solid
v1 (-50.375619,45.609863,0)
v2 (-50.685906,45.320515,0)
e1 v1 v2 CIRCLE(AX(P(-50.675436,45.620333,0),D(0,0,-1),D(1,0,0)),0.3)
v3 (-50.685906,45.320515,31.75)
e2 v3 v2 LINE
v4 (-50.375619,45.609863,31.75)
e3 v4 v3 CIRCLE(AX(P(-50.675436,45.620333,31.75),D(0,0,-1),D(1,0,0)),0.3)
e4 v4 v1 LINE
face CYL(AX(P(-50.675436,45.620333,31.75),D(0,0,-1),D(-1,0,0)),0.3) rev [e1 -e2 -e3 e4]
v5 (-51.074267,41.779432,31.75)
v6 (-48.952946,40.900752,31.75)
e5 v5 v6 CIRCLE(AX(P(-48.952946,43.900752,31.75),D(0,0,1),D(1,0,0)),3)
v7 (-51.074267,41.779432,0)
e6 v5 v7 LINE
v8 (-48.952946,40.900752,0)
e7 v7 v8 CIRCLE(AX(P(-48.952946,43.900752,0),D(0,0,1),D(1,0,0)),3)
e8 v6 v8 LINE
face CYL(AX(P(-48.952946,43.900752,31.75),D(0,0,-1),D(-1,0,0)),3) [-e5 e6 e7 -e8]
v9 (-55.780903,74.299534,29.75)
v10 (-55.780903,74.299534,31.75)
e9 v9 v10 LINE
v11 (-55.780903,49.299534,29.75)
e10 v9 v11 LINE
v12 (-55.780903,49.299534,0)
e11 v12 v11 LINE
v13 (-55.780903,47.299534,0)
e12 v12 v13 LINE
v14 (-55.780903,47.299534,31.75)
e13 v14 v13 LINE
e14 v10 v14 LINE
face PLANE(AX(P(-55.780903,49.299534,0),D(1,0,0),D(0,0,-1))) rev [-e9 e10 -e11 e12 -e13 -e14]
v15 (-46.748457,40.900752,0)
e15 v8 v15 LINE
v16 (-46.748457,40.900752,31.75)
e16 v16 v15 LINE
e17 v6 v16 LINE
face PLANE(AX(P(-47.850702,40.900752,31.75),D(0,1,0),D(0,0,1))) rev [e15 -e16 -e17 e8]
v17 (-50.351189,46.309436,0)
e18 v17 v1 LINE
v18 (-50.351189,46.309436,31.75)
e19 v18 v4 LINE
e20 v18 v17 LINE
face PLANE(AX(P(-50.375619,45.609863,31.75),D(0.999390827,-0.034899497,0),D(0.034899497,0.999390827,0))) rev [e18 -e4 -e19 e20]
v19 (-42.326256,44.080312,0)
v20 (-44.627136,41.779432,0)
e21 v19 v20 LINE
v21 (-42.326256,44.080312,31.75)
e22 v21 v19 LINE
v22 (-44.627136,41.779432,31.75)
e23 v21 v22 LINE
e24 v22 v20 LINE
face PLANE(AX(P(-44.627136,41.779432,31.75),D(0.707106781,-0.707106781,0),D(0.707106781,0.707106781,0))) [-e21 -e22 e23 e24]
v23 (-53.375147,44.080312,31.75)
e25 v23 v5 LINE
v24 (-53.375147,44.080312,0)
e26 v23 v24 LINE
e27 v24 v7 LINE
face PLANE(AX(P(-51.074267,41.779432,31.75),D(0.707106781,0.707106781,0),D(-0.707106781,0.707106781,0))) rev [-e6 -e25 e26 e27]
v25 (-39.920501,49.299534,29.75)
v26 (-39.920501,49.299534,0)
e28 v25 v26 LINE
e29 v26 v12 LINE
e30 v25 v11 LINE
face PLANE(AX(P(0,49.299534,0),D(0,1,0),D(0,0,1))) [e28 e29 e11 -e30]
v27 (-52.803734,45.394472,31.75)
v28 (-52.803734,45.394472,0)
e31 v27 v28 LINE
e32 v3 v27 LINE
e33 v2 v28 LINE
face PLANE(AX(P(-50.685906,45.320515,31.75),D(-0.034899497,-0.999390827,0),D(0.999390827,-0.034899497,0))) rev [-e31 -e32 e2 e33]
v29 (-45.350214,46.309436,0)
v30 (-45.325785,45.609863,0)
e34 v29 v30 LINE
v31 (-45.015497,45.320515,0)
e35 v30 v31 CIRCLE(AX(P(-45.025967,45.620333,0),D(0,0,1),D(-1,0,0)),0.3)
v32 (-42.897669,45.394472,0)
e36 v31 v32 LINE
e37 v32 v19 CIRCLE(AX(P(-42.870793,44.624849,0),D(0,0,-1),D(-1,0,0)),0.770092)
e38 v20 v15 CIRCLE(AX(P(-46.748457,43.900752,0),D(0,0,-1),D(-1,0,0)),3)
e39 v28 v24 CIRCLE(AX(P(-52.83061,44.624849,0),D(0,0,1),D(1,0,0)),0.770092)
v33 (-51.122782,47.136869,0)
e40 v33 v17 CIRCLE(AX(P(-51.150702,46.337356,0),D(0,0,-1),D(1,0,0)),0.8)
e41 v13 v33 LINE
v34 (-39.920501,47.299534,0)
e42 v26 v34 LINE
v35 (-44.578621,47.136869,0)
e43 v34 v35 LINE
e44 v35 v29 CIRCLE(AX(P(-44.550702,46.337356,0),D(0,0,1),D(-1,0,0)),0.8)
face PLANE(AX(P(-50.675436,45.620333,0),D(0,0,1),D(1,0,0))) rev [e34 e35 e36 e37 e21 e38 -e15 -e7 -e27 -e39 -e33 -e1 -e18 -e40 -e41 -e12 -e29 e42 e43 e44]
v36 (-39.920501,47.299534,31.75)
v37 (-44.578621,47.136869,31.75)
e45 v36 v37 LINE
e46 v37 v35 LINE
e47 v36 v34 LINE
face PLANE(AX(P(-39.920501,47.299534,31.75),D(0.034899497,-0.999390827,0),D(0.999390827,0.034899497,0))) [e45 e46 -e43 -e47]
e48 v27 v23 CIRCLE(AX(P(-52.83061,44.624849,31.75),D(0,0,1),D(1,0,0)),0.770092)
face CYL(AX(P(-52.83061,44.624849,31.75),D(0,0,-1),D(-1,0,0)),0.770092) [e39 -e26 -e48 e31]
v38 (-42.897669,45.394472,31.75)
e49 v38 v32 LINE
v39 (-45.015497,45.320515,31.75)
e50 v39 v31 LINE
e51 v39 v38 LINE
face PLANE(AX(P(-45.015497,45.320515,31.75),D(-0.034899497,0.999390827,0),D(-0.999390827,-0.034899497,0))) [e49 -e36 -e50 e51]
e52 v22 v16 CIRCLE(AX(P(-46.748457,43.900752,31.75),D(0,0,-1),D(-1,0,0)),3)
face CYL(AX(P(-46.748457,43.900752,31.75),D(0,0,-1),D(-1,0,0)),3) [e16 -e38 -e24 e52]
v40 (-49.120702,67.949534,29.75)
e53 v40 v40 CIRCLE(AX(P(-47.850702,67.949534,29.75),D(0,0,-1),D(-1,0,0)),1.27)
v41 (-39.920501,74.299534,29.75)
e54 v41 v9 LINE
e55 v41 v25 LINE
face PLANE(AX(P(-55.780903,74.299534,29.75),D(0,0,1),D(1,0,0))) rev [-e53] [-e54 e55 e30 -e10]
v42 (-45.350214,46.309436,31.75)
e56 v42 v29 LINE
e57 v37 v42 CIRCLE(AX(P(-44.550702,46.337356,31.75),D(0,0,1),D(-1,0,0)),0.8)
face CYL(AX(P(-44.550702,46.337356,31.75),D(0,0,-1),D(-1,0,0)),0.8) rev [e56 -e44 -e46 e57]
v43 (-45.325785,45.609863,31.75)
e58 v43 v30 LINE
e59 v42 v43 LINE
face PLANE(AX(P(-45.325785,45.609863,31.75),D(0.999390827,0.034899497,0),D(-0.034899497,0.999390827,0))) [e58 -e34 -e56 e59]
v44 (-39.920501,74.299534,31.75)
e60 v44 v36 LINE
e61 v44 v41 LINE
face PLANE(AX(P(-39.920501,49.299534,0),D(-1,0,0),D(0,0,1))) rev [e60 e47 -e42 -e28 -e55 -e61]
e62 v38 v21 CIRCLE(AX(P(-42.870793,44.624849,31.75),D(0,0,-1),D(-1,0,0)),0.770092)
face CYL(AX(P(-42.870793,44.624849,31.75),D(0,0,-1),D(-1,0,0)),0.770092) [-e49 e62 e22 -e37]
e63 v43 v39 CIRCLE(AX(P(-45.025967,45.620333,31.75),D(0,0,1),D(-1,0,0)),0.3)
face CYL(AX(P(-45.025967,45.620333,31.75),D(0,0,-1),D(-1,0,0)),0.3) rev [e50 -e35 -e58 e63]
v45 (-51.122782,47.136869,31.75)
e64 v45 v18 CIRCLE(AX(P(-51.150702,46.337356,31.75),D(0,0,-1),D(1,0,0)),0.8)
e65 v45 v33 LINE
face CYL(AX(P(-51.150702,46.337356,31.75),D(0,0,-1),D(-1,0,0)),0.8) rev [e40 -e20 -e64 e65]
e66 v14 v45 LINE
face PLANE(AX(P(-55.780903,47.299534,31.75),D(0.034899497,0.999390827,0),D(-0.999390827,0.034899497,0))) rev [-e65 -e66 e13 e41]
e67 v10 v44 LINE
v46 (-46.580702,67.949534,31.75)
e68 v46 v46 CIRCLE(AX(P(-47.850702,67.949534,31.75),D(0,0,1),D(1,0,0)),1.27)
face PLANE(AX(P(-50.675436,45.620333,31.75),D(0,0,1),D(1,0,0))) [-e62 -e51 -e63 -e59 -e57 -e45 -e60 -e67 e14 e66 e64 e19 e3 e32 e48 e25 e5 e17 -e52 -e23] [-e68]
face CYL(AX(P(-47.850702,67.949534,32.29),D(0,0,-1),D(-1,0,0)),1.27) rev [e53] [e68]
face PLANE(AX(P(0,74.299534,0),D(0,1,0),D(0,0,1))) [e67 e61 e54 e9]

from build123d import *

# Parameters (mm, degrees)
BOSS_EXTRUDE1_DEPTH = 31.75
SKETCH19_W          = 15.860402013
SKETCH19_H          = 31.75
BOSS_EXTRUDE7_DEPTH = 2
SKETCH23_W          = 15.860402013
SKETCH23_H          = 2
BOSS_EXTRUDE8_DEPTH = 25
SKETCH24_R          = 1.27
CUT_EXTRUDE1_DEPTH  = 2.54


with BuildPart() as part:
    # Sketch2 → Boss-Extrude1 (new body)
    with BuildSketch(Plane.XY):
        with BuildLine():
            Line((-50.375618534, 45.609862895), (-50.351188886, 46.309436474))
            ThreePointArc((-50.351188886, 46.309436474), (-50.565618587, 46.88295476), (-51.12278195, 47.136868733))
            Line((-51.12278195, 47.136868733), (-55.780902554, 47.299533889))
            Line((-55.780902554, 47.299533889), (-47.850701548, 47.299533889))
            Line((-47.850701548, 47.299533889), (-47.850701548, 40.900752235))
            Line((-47.850701548, 40.900752235), (-48.952946324, 40.900752235))
            ThreePointArc((-48.952946324, 40.900752235), (-50.100996621, 41.129113637), (-51.074266668, 41.779431891))
            Line((-51.074266668, 41.779431891), (-53.375146928, 44.080312152))
            ThreePointArc((-53.375146928, 44.080312152), (-53.536830204, 44.931922499), (-52.803734096, 45.394471696))
            Line((-52.803734096, 45.394471696), (-50.685905631, 45.320515496))
            ThreePointArc((-50.685905631, 45.320515496), (-50.470836274, 45.400926634), (-50.375618534, 45.609862895))
        make_face()
    boss_extrude1 = extrude(amount=BOSS_EXTRUDE1_DEPTH)

    # Mirror2: Boss-Extrude1 across plane
    add(boss_extrude1.mirror(Plane(origin=(-47.850701548, 40.900752235, 31.75), x_dir=(0, 0, 1), z_dir=(-1, 0, 0))))

    # Sketch19 → Boss-Extrude7 (add)
    with BuildSketch(Plane(origin=(0, 47.299533889, 0), x_dir=(1, 0, 0), z_dir=(0, 1, 0))):
        with Locations((-47.850701548, -15.875)):
            Rectangle(SKETCH19_W, SKETCH19_H)
    extrude(amount=BOSS_EXTRUDE7_DEPTH)

    # Sketch23 → Boss-Extrude8 (add)
    with BuildSketch(Plane(origin=(0, 49.299533889, 0), x_dir=(1, 0, 0), z_dir=(0, 1, 0))):
        with Locations((-47.850701548, -30.75)):
            Rectangle(SKETCH23_W, SKETCH23_H)
    extrude(amount=BOSS_EXTRUDE8_DEPTH)

    # Sketch24 → Cut-Extrude1 (cut)
    with BuildSketch(Plane(origin=(0, 0, 29.75), x_dir=(-1, 0, 0), z_dir=(0, 0, -1))):
        with Locations((47.850701548, 67.949533889)):
            Circle(SKETCH24_R)
    extrude(amount=-CUT_EXTRUDE1_DEPTH, mode=Mode.SUBTRACT)


solid = part.part
